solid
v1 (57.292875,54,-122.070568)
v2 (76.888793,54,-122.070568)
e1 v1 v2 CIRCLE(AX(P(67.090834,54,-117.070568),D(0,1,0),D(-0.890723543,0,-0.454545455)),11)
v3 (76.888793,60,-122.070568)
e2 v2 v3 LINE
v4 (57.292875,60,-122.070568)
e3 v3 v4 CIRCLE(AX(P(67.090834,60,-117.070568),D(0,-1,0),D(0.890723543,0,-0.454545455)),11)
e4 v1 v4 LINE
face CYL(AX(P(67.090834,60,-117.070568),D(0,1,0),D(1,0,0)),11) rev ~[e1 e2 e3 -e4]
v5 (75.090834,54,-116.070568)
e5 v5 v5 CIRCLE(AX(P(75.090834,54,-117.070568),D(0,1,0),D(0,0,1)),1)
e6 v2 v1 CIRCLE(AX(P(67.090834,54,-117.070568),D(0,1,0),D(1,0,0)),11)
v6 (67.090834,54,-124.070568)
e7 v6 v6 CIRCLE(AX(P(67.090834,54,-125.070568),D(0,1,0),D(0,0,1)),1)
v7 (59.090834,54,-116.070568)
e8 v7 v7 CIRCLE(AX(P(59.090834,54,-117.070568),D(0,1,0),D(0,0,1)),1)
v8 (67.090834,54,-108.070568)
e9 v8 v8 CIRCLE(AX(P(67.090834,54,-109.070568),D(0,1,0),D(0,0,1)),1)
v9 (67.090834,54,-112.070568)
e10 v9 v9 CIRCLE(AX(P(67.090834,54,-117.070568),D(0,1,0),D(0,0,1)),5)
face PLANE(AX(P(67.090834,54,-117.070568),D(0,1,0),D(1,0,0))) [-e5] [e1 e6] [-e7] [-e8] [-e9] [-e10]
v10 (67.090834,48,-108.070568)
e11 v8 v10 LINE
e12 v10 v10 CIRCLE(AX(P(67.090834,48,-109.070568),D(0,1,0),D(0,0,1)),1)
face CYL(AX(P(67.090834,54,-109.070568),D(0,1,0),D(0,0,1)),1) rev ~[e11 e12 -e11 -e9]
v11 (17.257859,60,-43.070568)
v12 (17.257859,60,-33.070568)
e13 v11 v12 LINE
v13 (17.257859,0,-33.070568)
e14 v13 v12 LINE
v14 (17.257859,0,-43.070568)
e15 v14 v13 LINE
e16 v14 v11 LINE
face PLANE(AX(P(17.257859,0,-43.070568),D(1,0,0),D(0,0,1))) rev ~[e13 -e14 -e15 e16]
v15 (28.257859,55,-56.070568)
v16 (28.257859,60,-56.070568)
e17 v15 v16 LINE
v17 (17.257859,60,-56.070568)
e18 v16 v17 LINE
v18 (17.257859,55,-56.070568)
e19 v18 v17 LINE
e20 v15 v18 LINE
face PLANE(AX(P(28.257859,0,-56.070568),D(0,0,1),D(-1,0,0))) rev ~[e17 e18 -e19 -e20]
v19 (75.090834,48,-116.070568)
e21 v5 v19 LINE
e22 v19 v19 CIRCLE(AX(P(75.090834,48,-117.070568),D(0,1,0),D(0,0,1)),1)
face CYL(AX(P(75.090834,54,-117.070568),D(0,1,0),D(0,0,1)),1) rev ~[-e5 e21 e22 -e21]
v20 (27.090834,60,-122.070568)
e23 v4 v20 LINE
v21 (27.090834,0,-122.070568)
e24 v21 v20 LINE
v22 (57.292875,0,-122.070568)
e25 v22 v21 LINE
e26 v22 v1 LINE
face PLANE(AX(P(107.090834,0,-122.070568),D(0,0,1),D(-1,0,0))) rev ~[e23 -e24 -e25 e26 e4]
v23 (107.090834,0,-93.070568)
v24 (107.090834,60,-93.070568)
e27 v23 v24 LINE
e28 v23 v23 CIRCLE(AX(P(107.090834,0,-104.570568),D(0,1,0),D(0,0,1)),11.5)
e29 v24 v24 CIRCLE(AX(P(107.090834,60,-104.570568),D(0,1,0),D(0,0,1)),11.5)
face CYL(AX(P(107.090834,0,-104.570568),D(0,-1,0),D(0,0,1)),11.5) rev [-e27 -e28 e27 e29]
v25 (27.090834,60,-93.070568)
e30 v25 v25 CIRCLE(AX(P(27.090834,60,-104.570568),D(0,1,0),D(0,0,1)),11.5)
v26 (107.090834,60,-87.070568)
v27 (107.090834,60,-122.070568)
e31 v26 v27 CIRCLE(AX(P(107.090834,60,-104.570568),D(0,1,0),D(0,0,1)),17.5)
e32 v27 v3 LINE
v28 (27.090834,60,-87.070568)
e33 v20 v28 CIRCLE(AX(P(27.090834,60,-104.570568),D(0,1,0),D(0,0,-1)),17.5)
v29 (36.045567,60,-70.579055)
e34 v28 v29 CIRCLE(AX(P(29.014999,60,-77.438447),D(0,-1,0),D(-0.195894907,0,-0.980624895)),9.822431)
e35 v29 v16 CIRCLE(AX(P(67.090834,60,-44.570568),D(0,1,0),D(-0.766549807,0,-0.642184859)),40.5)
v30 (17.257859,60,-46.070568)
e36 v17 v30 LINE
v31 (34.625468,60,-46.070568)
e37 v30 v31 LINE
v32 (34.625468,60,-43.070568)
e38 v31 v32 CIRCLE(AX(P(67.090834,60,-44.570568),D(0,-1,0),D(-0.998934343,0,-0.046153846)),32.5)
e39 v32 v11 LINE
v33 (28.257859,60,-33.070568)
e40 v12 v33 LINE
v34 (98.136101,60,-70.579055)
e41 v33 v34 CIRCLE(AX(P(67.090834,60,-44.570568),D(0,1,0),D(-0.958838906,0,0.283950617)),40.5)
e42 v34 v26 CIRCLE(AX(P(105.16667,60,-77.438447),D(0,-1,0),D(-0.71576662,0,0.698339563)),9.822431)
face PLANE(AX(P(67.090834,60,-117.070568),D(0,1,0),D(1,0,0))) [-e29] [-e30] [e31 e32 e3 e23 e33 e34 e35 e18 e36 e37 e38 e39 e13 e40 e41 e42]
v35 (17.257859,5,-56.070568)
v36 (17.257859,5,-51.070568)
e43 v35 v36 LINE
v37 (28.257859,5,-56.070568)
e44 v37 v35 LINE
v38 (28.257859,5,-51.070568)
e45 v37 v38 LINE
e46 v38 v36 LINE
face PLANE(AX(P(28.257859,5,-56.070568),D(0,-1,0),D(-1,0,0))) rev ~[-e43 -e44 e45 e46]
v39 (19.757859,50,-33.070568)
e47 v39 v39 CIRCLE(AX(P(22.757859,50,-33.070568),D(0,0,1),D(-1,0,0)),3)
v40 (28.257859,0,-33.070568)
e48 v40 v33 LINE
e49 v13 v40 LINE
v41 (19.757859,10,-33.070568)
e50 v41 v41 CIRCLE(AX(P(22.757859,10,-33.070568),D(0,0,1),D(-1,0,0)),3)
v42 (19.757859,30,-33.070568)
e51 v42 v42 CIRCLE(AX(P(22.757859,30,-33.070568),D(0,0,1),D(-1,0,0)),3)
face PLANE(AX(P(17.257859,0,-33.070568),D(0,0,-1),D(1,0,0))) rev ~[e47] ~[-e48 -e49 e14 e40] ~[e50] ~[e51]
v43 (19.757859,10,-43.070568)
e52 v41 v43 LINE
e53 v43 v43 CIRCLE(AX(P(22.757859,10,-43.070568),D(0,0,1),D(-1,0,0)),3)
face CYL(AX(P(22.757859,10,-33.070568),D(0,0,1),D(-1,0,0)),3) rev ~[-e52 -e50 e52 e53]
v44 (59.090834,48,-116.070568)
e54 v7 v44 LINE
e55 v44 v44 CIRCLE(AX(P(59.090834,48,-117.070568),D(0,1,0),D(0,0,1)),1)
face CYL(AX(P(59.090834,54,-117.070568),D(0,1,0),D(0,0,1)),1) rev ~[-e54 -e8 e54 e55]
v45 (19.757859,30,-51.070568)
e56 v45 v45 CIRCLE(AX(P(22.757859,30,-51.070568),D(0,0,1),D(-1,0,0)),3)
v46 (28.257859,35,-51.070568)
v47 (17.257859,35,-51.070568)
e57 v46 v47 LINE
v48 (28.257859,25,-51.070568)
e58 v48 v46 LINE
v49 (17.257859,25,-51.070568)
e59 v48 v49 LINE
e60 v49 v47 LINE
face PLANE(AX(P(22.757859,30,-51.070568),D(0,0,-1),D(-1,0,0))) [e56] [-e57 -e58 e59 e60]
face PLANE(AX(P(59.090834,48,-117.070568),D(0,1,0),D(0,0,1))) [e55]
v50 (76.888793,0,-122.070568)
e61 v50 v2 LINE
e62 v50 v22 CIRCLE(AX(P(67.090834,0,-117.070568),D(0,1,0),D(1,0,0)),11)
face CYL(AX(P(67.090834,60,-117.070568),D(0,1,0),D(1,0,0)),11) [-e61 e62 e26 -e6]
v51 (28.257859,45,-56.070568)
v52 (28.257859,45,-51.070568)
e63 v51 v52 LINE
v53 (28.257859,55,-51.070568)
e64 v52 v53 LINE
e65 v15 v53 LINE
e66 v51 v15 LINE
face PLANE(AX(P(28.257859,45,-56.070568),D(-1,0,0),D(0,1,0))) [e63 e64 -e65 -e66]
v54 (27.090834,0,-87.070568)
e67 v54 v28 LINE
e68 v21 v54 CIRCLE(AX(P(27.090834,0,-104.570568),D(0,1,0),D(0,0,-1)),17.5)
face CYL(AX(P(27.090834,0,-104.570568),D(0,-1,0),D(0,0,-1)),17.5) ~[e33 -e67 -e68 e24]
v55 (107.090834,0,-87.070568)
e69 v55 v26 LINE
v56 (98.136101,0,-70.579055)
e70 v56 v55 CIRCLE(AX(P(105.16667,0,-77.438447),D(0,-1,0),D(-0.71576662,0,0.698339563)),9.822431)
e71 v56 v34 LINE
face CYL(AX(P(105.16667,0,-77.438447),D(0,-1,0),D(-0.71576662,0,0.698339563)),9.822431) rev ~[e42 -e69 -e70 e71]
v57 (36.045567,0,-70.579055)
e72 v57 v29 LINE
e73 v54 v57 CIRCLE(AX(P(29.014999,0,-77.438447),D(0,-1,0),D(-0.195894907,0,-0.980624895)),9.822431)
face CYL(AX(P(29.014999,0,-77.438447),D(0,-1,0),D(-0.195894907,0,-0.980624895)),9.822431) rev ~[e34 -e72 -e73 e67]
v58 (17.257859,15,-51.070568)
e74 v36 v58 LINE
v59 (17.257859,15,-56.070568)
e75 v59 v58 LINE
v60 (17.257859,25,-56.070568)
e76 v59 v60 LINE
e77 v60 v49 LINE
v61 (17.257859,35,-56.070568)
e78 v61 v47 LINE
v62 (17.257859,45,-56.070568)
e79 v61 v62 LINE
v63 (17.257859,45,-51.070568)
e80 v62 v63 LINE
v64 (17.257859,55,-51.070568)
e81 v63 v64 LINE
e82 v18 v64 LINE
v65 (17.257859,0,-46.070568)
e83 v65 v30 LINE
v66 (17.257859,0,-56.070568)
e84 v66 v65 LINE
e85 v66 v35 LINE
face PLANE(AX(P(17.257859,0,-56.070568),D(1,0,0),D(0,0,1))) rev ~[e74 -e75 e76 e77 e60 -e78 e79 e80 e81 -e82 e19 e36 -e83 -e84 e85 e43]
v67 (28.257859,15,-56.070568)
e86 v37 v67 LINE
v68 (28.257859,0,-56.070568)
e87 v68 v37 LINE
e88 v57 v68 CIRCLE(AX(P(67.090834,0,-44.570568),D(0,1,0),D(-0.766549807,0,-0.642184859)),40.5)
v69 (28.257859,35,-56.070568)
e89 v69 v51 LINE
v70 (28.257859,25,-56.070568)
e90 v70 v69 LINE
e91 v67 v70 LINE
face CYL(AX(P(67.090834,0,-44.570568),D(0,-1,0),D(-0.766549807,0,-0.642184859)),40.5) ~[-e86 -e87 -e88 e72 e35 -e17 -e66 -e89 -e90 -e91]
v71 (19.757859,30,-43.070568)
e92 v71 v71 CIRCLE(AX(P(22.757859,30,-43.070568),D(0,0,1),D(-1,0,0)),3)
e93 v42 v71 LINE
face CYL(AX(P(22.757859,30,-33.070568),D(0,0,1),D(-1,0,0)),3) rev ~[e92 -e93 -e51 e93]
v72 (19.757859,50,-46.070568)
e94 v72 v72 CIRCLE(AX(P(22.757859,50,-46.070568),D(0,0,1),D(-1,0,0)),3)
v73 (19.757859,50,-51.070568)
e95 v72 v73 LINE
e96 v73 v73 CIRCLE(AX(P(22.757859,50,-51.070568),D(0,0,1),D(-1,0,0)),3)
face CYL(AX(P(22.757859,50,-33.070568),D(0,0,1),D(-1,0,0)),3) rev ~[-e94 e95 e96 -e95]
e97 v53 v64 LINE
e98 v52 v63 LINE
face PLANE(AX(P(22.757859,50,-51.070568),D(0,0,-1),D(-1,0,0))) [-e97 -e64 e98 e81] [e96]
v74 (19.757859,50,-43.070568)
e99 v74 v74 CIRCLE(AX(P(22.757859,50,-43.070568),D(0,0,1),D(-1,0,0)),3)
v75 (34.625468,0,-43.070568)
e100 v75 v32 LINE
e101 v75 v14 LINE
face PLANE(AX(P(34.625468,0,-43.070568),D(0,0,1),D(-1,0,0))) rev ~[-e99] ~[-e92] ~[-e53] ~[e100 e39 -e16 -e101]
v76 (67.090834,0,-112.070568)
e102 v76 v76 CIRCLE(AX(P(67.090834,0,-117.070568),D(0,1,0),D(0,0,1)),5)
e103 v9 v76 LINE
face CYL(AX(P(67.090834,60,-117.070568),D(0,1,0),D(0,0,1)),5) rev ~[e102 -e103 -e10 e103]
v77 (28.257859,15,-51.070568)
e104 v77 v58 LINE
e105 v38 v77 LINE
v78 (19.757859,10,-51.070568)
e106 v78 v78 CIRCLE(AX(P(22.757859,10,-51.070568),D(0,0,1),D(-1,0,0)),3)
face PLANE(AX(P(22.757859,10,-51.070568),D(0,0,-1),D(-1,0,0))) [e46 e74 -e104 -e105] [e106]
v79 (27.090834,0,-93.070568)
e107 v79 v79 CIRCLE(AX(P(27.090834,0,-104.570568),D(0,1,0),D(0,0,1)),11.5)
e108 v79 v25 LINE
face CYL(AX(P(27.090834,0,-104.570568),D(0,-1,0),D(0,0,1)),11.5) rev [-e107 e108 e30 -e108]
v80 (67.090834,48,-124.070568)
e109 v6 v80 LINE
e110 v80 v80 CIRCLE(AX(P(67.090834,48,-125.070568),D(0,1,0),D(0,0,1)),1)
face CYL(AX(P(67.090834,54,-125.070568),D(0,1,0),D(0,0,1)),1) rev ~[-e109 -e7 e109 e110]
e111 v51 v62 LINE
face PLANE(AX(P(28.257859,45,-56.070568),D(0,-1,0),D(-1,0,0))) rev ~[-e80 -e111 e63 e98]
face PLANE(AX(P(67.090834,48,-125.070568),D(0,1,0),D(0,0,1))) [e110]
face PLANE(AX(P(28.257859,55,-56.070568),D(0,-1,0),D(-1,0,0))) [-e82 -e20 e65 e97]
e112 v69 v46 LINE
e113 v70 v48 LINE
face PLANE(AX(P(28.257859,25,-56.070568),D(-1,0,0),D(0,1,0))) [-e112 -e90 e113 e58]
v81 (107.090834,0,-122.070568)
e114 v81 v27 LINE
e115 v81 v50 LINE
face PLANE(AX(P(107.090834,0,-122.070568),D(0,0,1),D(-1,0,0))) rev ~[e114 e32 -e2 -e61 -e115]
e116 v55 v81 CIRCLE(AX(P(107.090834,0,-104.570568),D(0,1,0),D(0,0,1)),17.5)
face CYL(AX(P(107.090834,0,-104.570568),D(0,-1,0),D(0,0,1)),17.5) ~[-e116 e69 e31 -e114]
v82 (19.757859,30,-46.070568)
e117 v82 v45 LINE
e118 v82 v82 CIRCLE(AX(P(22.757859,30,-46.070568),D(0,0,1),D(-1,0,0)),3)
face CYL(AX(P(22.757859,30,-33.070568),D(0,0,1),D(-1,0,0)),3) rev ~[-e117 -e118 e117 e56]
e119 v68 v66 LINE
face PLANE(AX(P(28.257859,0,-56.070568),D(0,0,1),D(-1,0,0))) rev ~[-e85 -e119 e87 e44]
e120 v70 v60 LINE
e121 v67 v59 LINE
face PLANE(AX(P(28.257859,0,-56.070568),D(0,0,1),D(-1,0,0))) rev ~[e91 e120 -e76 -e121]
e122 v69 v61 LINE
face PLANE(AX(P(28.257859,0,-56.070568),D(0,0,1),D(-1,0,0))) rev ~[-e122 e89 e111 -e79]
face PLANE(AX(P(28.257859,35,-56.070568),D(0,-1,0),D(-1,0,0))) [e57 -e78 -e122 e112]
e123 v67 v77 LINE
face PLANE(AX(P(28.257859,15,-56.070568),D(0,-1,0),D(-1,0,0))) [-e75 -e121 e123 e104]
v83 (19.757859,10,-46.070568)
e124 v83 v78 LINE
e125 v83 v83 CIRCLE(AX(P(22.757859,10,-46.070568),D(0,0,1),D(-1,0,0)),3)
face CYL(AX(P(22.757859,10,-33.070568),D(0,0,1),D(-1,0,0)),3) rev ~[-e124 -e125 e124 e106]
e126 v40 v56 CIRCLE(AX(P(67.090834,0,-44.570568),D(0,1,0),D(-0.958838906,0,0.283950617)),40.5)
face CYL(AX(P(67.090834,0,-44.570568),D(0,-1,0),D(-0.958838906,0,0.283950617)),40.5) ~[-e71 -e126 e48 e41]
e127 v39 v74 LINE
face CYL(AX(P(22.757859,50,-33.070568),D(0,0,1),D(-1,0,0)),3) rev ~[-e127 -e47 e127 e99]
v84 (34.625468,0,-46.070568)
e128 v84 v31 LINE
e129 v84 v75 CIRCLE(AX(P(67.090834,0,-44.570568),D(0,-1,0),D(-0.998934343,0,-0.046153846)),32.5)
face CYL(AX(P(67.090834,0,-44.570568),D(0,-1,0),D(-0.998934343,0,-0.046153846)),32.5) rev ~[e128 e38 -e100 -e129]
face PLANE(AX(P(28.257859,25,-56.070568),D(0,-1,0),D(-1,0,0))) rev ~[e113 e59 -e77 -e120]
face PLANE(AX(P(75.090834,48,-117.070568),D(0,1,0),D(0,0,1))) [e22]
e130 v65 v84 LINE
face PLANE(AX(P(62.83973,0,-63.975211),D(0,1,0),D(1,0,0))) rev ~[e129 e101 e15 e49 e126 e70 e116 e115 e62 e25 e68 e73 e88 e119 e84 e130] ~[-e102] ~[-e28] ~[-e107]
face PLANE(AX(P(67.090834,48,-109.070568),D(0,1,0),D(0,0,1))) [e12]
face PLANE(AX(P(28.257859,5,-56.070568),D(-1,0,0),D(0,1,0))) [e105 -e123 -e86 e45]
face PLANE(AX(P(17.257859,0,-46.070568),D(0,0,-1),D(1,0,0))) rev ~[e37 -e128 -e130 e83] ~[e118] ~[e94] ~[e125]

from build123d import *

# Parameters (mm, degrees)
SKETCH1_R                      = 11.5
BOSS_EXTRUDE1_DEPTH            = 60
CUT_EXTRUDE1_REACH             = 167.294
SKETCH2_R                      = 3
CUT_EXTRUDE1_DIRECTION_2_DEPTH = 166.294105853
SKETCH3_W                      = 11
SKETCH3_H                      = 10
CUT_EXTRUDE2_DEPTH             = 5
SKETCH5_R                      = 11
BOSS_EXTRUDE2_DEPTH            = 60
SKETCH5_12_R                   = 11
CUT_EXTRUDE7_DEPTH             = 6
SKETCH5_13_R                   = 5
CUT_EXTRUDE8_DEPTH             = 189.480626049
CUT_EXTRUDE9_START             = -6
SKETCH5_14_R                   = 1
CUT_EXTRUDE9_DEPTH             = 6


with BuildPart() as part:
    # Sketch1 → Boss-Extrude1 (new body)
    with BuildSketch(Plane(origin=(0, 0, 0), x_dir=(1, 0, 0), z_dir=(0, 1, 0))):
        with BuildLine():
            Line((17.257858547, 56.070568137), (17.257858547, 46.070568137))
            Line((17.257858547, 46.070568137), (34.625468063, 46.070568137))
            ThreePointArc((34.625468063, 46.070568137), (99.590834225, 44.570568137), (34.625468063, 43.070568137))
            Line((34.625468063, 43.070568137), (17.257858547, 43.070568137))
            Line((17.257858547, 43.070568137), (17.257858547, 33.070568137))
            Line((17.257858547, 33.070568137), (28.257858547, 33.070568137))
            ThreePointArc((28.257858547, 33.070568137), (86.245043845, 8.88631035), (98.136101416, 70.579054926))
            ThreePointArc((98.136101416, 70.579054926), (96.534674627, 82.125537677), (107.090834225, 87.070568137))
            ThreePointArc((107.090834225, 87.070568137), (124.590834225, 104.570568137), (107.090834225, 122.070568137))
            Line((107.090834225, 122.070568137), (27.090834225, 122.070568137))
            ThreePointArc((27.090834225, 122.070568137), (9.590834225, 104.570568137), (27.090834225, 87.070568137))
            ThreePointArc((27.090834225, 87.070568137), (37.646993822, 82.125537677), (36.045567034, 70.579054926))
            ThreePointArc((36.045567034, 70.579054926), (31.406576437, 63.724777757), (28.257858547, 56.070568137))
            Line((28.257858547, 56.070568137), (17.257858547, 56.070568137))
        make_face()
        with Locations(Location((27.090834225, 104.570568137, 0), (0, 0, 270))):
            Circle(SKETCH1_R, mode=Mode.SUBTRACT)
        with Locations(Location((107.090834225, 104.570568137, 0), (0, 0, 270))):
            Circle(SKETCH1_R, mode=Mode.SUBTRACT)
    extrude(amount=BOSS_EXTRUDE1_DEPTH)

    # Cut-Extrude1: up to this face of the body (flat: up to its plane)
    cut_extrude1_end = Plane(part.part.faces().sort_by_distance((22.757858547, 30, -56.070568137))[0])
    # Sketch2 → Cut-Extrude1 (cut, up to the picked face)
    with BuildSketch(Plane(origin=(-1.111756956, 0, -33.070568137), x_dir=(1, 0, 0), z_dir=(0, 0, 1)), mode=Mode.PRIVATE) as cut_extrude1_sk1:
        with Locations(Location((23.869615503, 30, 0), (0, 0, 180))):
            Circle(SKETCH2_R)
    cut_extrude1_tool1 = split(extrude(cut_extrude1_sk1.sketch, amount=-CUT_EXTRUDE1_REACH, mode=Mode.PRIVATE), bisect_by=cut_extrude1_end, keep=Keep.BOTH, mode=Mode.PRIVATE)
    # Sketch2 → Cut-Extrude1 (cut, up to the picked face)
    with BuildSketch(Plane(origin=(-1.111756956, 0, -33.070568137), x_dir=(1, 0, 0), z_dir=(0, 0, 1)), mode=Mode.PRIVATE) as cut_extrude1_sk2:
        with Locations(Location((23.869615503, 50, 0), (0, 0, 180))):
            Circle(SKETCH2_R)
    cut_extrude1_tool2 = split(extrude(cut_extrude1_sk2.sketch, amount=-CUT_EXTRUDE1_REACH, mode=Mode.PRIVATE), bisect_by=cut_extrude1_end, keep=Keep.BOTH, mode=Mode.PRIVATE)
    # Sketch2 → Cut-Extrude1 (cut, up to the picked face)
    with BuildSketch(Plane(origin=(-1.111756956, 0, -33.070568137), x_dir=(1, 0, 0), z_dir=(0, 0, 1)), mode=Mode.PRIVATE) as cut_extrude1_sk3:
        with Locations(Location((23.869615503, 10, 0), (0, 0, 180))):
            Circle(SKETCH2_R)
    cut_extrude1_tool3 = split(extrude(cut_extrude1_sk3.sketch, amount=-CUT_EXTRUDE1_REACH, mode=Mode.PRIVATE), bisect_by=cut_extrude1_end, keep=Keep.BOTH, mode=Mode.PRIVATE)
    add(cut_extrude1_tool1.solids().sort_by(Axis((22.757859, 30, -33.070568), (0, 0, -1)))[0], mode=Mode.SUBTRACT)
    add(cut_extrude1_tool2.solids().sort_by(Axis((22.757859, 50, -33.070568), (0, 0, -1)))[0], mode=Mode.SUBTRACT)
    add(cut_extrude1_tool3.solids().sort_by(Axis((22.757859, 10, -33.070568), (0, 0, -1)))[0], mode=Mode.SUBTRACT)

    # Sketch2 → Cut-Extrude1 direction 2 (cut)
    with BuildSketch(Plane(origin=(-1.111756956, 0, -33.070568137), x_dir=(1, 0, 0), z_dir=(0, 0, 1))):
        with Locations(Location((23.869615503, 30, 0), (0, 0, 180))):
            Circle(SKETCH2_R)
        with Locations(Location((23.869615503, 50, 0), (0, 0, 180))):
            Circle(SKETCH2_R)
        with Locations(Location((23.869615503, 10, 0), (0, 0, 180))):
            Circle(SKETCH2_R)
    extrude(amount=CUT_EXTRUDE1_DIRECTION_2_DEPTH, mode=Mode.SUBTRACT)

    # Sketch3 → Cut-Extrude2 (cut)
    with BuildSketch(Plane(origin=(0, 0, -56.070568137), x_dir=(-1, 0, 0), z_dir=(0, 0, -1))):
        with Locations((-22.757858547, 50)):
            Rectangle(SKETCH3_W, SKETCH3_H)
        with Locations((-22.757858547, 30)):
            Rectangle(SKETCH3_W, SKETCH3_H)
        with Locations((-22.757858547, 10)):
            Rectangle(SKETCH3_W, SKETCH3_H)
    extrude(amount=-CUT_EXTRUDE2_DEPTH, mode=Mode.SUBTRACT)

    # Sketch5 → Boss-Extrude2 (add)
    with BuildSketch(Plane(origin=(0, 60, 0), x_dir=(1, 0, 0), z_dir=(0, 1, 0))):
        with Locations((67.090834225, 117.070568137)):
            Circle(SKETCH5_R)
    extrude(amount=-BOSS_EXTRUDE2_DEPTH)

    # Sketch5<12> → Cut-Extrude7 (cut)
    with BuildSketch(Plane(origin=(0, 60, 0), x_dir=(1, 0, 0), z_dir=(0, 1, 0))):
        with Locations((67.090834225, 117.070568137)):
            Circle(SKETCH5_12_R)
    extrude(amount=-CUT_EXTRUDE7_DEPTH, mode=Mode.SUBTRACT)

    # Sketch5<13> → Cut-Extrude8 (cut, through all)
    with BuildSketch(Plane(origin=(0, 60, 0), x_dir=(1, 0, 0), z_dir=(0, 1, 0))):
        with Locations(Location((67.090834225, 117.070568137, 0), (0, 0, 270))):
            Circle(SKETCH5_13_R)
    extrude(amount=-CUT_EXTRUDE8_DEPTH, mode=Mode.SUBTRACT)

    # Sketch5<14> → Cut-Extrude9 (cut)
    with BuildSketch(Plane(origin=(0, 60, 0), x_dir=(1, 0, 0), z_dir=(0, 1, 0)).offset(CUT_EXTRUDE9_START)):
        with Locations(Location((67.090834225, 125.070568137, 0), (0, 0, 270))):
            Circle(SKETCH5_14_R)
        with Locations(Location((75.090834225, 117.070568137, 0), (0, 0, 270))):
            Circle(SKETCH5_14_R)
        with Locations(Location((67.090834225, 109.070568137, 0), (0, 0, 270))):
            Circle(SKETCH5_14_R)
        with Locations(Location((59.090834225, 117.070568137, 0), (0, 0, 270))):
            Circle(SKETCH5_14_R)
    extrude(amount=-CUT_EXTRUDE9_DEPTH, mode=Mode.SUBTRACT)


solid = part.part
